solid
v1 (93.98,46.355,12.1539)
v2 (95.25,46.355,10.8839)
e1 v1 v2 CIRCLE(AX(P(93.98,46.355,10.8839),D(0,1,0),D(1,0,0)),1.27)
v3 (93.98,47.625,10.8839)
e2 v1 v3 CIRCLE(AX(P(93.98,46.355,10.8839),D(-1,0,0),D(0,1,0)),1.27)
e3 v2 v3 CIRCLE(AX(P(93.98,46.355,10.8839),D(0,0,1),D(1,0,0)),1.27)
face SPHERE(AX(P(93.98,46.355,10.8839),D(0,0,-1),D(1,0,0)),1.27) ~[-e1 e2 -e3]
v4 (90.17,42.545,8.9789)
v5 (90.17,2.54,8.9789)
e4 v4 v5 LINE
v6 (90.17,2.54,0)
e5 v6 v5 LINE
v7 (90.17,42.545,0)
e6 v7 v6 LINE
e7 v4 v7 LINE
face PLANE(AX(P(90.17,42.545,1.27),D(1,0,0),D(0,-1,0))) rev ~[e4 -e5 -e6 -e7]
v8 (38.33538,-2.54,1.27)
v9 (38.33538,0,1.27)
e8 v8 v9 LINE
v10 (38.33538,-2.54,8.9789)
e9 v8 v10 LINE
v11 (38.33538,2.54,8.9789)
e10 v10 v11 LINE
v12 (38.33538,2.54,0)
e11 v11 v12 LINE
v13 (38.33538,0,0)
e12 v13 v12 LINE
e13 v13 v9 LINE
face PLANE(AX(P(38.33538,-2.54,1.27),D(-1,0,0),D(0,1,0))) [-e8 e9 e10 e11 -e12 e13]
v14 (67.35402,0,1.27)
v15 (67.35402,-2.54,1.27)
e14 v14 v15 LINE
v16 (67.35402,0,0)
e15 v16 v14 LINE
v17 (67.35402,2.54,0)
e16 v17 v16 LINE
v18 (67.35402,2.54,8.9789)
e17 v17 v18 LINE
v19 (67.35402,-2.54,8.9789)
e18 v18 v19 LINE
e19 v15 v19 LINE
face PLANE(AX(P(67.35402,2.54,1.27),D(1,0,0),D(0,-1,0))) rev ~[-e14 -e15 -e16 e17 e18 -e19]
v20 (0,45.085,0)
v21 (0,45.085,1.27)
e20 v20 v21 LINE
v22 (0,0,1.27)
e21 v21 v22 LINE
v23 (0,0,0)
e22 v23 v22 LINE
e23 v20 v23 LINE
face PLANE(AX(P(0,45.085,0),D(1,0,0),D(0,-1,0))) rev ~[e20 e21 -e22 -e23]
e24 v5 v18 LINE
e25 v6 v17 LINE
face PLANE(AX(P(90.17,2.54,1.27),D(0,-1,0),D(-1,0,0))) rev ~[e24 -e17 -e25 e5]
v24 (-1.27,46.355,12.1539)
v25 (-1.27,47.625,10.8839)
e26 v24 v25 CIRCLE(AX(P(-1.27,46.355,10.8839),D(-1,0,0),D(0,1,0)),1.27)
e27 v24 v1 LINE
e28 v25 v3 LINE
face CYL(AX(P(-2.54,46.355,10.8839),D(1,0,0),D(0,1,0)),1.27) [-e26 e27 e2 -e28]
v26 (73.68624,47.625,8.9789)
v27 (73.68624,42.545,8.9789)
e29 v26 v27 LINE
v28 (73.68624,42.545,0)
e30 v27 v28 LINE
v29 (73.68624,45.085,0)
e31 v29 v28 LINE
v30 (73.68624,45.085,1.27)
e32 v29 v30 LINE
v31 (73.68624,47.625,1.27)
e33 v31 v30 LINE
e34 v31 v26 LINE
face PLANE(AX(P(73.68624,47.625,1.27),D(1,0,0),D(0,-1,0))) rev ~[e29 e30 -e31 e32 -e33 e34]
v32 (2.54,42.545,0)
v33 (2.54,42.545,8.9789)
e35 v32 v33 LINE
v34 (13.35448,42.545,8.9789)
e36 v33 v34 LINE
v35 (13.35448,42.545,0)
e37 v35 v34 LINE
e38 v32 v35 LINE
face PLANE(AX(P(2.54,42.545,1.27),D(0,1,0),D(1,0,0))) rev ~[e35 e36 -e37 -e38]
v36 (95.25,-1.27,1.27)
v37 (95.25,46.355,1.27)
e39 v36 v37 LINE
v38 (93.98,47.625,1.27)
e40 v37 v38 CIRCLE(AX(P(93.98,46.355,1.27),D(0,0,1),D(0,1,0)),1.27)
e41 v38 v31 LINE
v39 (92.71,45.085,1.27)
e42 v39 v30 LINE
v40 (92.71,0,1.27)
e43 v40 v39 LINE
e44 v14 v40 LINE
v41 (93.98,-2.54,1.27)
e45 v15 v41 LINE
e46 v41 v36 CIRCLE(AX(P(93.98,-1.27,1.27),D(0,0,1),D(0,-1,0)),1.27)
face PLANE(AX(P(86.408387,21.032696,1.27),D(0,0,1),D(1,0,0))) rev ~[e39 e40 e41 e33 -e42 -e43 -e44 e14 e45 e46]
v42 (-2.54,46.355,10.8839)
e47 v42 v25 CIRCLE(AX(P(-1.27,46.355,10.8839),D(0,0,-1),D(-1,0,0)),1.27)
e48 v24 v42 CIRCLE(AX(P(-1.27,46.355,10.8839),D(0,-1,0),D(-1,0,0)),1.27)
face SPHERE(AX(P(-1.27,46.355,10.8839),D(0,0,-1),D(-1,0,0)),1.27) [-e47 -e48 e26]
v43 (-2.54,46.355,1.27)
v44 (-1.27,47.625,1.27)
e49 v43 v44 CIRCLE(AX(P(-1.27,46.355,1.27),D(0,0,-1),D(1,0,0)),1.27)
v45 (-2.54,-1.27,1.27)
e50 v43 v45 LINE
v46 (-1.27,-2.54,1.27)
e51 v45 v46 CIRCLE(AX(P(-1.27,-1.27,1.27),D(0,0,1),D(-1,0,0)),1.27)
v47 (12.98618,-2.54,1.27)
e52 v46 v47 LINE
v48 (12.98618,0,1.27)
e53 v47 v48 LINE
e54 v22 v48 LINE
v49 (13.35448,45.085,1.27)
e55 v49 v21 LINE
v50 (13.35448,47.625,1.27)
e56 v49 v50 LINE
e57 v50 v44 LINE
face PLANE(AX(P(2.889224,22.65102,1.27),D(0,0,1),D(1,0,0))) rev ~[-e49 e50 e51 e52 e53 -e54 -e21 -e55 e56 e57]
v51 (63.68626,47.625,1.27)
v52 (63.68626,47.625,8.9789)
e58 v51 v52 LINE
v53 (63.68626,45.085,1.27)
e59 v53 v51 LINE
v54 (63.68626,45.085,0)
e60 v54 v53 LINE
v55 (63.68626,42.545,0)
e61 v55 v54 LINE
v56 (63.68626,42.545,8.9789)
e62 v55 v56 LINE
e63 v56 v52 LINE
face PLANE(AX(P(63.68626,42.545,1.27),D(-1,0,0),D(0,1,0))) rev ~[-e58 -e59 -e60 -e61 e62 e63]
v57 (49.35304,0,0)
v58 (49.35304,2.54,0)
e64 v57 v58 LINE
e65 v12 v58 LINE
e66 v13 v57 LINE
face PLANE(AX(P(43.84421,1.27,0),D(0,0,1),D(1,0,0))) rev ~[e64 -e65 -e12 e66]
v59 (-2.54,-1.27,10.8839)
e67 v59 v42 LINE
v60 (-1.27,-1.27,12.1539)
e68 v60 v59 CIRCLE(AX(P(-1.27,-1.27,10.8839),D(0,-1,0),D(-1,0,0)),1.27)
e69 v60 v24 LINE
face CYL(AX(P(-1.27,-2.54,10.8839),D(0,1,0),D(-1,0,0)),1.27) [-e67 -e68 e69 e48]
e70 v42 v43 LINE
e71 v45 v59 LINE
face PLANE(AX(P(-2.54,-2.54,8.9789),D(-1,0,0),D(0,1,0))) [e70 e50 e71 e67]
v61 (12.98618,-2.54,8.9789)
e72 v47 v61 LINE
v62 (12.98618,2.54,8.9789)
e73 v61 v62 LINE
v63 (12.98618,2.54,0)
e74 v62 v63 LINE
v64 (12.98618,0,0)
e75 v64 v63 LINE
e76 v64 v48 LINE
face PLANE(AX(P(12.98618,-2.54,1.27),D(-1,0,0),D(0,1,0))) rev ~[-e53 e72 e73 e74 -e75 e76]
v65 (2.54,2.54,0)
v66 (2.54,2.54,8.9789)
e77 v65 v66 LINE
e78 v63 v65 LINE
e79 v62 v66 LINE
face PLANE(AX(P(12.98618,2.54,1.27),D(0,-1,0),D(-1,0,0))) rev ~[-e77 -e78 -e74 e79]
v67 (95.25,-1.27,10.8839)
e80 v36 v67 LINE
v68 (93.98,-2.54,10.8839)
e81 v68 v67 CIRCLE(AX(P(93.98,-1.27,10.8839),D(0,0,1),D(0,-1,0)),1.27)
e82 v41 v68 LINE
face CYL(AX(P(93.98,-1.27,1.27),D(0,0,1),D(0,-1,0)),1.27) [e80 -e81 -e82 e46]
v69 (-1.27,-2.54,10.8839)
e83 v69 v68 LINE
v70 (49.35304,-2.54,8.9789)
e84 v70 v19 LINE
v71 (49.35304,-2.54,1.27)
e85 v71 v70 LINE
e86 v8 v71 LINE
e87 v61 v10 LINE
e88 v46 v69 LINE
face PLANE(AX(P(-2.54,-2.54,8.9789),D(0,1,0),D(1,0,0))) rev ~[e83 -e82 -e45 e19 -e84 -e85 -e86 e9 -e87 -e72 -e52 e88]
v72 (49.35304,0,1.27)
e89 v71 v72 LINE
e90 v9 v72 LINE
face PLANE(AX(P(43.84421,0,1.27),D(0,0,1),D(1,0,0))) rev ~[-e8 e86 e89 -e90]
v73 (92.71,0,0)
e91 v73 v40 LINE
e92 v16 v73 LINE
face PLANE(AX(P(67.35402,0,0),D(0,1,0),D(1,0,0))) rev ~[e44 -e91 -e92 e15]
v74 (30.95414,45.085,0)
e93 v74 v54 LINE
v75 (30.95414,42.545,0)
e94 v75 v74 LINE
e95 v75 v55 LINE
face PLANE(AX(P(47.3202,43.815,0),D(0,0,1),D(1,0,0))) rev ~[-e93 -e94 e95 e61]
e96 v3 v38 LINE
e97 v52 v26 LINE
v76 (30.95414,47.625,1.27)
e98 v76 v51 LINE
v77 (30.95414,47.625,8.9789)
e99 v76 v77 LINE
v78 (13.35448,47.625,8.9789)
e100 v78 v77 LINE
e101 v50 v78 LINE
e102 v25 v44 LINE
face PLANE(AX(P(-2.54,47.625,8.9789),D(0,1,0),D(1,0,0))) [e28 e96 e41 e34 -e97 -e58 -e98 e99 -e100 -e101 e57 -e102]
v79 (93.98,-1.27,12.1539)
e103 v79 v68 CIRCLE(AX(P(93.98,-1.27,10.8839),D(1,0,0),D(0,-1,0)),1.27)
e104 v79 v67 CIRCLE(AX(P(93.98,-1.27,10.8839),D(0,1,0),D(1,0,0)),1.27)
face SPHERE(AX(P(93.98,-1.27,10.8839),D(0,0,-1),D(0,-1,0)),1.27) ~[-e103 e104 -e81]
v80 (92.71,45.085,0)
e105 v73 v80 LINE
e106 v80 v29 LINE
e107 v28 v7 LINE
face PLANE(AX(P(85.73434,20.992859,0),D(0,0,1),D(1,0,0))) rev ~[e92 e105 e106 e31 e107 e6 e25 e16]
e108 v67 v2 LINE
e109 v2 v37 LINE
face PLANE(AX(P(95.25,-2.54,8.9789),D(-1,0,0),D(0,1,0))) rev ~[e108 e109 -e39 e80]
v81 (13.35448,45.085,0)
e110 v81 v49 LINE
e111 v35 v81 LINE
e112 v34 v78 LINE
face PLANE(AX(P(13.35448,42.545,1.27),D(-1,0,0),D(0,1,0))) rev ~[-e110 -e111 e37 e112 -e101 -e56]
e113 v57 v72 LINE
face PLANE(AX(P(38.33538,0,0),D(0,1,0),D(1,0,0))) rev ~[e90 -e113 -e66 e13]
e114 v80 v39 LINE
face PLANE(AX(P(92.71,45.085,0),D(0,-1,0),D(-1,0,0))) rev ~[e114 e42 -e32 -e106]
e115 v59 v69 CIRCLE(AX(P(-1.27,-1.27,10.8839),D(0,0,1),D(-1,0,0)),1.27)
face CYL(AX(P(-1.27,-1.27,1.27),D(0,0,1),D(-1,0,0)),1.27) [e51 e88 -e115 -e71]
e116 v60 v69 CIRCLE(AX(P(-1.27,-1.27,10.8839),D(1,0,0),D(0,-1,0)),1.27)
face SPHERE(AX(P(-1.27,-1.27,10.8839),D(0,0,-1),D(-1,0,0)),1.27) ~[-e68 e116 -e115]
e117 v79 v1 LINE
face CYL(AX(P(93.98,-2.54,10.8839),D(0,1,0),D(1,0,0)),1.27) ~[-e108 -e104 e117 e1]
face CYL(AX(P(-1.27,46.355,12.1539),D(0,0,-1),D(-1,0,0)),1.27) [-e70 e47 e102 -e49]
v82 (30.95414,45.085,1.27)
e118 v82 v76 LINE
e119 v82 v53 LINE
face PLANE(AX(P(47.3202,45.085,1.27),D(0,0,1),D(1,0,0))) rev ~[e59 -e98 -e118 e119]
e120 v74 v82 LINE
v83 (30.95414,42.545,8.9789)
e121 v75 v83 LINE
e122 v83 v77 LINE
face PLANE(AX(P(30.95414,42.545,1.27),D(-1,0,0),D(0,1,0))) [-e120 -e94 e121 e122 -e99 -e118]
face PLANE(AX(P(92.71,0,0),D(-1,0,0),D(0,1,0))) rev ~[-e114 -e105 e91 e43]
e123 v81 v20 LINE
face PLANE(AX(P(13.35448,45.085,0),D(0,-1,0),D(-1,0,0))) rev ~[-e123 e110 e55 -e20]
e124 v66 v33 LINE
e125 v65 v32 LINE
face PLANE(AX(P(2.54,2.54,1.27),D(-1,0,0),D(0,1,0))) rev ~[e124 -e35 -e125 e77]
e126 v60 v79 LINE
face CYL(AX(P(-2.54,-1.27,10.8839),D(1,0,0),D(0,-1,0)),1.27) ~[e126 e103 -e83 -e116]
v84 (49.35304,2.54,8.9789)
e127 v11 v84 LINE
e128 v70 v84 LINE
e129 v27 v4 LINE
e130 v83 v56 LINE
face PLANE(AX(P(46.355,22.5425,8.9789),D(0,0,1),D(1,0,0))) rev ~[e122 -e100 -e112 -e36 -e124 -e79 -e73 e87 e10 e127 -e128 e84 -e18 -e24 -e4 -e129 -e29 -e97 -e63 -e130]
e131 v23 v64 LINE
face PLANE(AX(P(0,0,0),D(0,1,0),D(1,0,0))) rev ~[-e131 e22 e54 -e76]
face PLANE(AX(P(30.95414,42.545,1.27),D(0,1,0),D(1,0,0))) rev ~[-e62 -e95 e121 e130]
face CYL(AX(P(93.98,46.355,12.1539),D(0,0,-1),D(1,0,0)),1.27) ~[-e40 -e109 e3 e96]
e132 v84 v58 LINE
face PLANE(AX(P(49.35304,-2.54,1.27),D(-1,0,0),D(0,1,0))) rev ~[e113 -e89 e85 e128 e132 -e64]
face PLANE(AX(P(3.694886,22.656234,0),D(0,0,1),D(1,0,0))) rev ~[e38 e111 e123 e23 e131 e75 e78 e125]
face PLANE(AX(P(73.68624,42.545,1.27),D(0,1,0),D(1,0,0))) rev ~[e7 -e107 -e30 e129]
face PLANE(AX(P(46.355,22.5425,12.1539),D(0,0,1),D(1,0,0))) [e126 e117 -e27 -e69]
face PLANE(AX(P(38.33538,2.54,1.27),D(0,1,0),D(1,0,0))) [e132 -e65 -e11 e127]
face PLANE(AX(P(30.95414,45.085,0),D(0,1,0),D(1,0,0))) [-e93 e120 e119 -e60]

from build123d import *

# Parameters (mm, degrees)
F0_W     = 32.73212
F0_H     = 2.54
F0_W_2   = 11.01766
F1_DEPTH = 1.27
F2_W     = 32.73212
F2_H     = 5.08
F2_W_2   = 11.01766
F3_DEPTH = 7.7089
F4_W     = 97.79
F4_H     = 50.165
F5_DEPTH = 3.175
F6_R     = 1.27


with BuildPart() as f1:
    # F0 (on Top) → F1 (new body)
    with BuildSketch(Plane.XY):
        Polygon((13.35448, 42.545), (13.35448, 45.085), (0, 45.085), (0, 0), (12.98618, 0), (12.98618, 2.54), (2.54, 2.54), (2.54, 42.545), align=None)
        Polygon((73.68624, 42.545), (90.17, 42.545), (90.17, 2.54), (67.35402, 2.54), (67.35402, 0), (92.71, 0), (92.71, 45.085), (73.68624, 45.085), align=None)
        with Locations((47.3202, 43.815)):
            Rectangle(F0_W, F0_H)
        with Locations((43.84421, 1.27)):
            Rectangle(F0_W_2, F0_H)
    extrude(amount=F1_DEPTH)

    # F2 (on face) → F3 (join)
    with BuildSketch(Plane.XY.offset(1.27)):
        Polygon((12.98618, 2.54), (2.54, 2.54), (2.54, 42.545), (13.35448, 42.545), (13.35448, 47.625), (-2.54, 47.625), (-2.54, -2.54), (12.98618, -2.54), align=None)
        Polygon((90.17, 42.545), (90.17, 2.54), (67.35402, 2.54), (67.35402, -2.54), (95.25, -2.54), (95.25, 47.625), (73.68624, 47.625), (73.68624, 42.545), align=None)
        with Locations((47.3202, 45.085)):
            Rectangle(F2_W, F2_H)
        with Locations((43.84421, 0)):
            Rectangle(F2_W_2, F2_H)
    extrude(amount=F3_DEPTH)

    # F4 (on face) → F5 (join)
    with BuildSketch(Plane.XY.offset(8.9789)):
        with Locations((46.355, 22.5425)):
            Rectangle(F4_W, F4_H)
    extrude(amount=F5_DEPTH)

    # F6
    f6_edges = [f1.edges().sort_by_distance(p)[0] for p in [
        (95.25, -2.54, 6.71195),
        (-2.54, -2.54, 6.71195),
        (95.25, 47.625, 6.71195),
        (-2.54, 47.625, 6.71195),
        (-2.54, 22.5425, 12.1539),
        (46.355, -2.54, 12.1539),
        (95.25, 22.5425, 12.1539),
        (46.355, 47.625, 12.1539),
    ]]
    fillet(f6_edges, radius=F6_R)


solid = f1.part
